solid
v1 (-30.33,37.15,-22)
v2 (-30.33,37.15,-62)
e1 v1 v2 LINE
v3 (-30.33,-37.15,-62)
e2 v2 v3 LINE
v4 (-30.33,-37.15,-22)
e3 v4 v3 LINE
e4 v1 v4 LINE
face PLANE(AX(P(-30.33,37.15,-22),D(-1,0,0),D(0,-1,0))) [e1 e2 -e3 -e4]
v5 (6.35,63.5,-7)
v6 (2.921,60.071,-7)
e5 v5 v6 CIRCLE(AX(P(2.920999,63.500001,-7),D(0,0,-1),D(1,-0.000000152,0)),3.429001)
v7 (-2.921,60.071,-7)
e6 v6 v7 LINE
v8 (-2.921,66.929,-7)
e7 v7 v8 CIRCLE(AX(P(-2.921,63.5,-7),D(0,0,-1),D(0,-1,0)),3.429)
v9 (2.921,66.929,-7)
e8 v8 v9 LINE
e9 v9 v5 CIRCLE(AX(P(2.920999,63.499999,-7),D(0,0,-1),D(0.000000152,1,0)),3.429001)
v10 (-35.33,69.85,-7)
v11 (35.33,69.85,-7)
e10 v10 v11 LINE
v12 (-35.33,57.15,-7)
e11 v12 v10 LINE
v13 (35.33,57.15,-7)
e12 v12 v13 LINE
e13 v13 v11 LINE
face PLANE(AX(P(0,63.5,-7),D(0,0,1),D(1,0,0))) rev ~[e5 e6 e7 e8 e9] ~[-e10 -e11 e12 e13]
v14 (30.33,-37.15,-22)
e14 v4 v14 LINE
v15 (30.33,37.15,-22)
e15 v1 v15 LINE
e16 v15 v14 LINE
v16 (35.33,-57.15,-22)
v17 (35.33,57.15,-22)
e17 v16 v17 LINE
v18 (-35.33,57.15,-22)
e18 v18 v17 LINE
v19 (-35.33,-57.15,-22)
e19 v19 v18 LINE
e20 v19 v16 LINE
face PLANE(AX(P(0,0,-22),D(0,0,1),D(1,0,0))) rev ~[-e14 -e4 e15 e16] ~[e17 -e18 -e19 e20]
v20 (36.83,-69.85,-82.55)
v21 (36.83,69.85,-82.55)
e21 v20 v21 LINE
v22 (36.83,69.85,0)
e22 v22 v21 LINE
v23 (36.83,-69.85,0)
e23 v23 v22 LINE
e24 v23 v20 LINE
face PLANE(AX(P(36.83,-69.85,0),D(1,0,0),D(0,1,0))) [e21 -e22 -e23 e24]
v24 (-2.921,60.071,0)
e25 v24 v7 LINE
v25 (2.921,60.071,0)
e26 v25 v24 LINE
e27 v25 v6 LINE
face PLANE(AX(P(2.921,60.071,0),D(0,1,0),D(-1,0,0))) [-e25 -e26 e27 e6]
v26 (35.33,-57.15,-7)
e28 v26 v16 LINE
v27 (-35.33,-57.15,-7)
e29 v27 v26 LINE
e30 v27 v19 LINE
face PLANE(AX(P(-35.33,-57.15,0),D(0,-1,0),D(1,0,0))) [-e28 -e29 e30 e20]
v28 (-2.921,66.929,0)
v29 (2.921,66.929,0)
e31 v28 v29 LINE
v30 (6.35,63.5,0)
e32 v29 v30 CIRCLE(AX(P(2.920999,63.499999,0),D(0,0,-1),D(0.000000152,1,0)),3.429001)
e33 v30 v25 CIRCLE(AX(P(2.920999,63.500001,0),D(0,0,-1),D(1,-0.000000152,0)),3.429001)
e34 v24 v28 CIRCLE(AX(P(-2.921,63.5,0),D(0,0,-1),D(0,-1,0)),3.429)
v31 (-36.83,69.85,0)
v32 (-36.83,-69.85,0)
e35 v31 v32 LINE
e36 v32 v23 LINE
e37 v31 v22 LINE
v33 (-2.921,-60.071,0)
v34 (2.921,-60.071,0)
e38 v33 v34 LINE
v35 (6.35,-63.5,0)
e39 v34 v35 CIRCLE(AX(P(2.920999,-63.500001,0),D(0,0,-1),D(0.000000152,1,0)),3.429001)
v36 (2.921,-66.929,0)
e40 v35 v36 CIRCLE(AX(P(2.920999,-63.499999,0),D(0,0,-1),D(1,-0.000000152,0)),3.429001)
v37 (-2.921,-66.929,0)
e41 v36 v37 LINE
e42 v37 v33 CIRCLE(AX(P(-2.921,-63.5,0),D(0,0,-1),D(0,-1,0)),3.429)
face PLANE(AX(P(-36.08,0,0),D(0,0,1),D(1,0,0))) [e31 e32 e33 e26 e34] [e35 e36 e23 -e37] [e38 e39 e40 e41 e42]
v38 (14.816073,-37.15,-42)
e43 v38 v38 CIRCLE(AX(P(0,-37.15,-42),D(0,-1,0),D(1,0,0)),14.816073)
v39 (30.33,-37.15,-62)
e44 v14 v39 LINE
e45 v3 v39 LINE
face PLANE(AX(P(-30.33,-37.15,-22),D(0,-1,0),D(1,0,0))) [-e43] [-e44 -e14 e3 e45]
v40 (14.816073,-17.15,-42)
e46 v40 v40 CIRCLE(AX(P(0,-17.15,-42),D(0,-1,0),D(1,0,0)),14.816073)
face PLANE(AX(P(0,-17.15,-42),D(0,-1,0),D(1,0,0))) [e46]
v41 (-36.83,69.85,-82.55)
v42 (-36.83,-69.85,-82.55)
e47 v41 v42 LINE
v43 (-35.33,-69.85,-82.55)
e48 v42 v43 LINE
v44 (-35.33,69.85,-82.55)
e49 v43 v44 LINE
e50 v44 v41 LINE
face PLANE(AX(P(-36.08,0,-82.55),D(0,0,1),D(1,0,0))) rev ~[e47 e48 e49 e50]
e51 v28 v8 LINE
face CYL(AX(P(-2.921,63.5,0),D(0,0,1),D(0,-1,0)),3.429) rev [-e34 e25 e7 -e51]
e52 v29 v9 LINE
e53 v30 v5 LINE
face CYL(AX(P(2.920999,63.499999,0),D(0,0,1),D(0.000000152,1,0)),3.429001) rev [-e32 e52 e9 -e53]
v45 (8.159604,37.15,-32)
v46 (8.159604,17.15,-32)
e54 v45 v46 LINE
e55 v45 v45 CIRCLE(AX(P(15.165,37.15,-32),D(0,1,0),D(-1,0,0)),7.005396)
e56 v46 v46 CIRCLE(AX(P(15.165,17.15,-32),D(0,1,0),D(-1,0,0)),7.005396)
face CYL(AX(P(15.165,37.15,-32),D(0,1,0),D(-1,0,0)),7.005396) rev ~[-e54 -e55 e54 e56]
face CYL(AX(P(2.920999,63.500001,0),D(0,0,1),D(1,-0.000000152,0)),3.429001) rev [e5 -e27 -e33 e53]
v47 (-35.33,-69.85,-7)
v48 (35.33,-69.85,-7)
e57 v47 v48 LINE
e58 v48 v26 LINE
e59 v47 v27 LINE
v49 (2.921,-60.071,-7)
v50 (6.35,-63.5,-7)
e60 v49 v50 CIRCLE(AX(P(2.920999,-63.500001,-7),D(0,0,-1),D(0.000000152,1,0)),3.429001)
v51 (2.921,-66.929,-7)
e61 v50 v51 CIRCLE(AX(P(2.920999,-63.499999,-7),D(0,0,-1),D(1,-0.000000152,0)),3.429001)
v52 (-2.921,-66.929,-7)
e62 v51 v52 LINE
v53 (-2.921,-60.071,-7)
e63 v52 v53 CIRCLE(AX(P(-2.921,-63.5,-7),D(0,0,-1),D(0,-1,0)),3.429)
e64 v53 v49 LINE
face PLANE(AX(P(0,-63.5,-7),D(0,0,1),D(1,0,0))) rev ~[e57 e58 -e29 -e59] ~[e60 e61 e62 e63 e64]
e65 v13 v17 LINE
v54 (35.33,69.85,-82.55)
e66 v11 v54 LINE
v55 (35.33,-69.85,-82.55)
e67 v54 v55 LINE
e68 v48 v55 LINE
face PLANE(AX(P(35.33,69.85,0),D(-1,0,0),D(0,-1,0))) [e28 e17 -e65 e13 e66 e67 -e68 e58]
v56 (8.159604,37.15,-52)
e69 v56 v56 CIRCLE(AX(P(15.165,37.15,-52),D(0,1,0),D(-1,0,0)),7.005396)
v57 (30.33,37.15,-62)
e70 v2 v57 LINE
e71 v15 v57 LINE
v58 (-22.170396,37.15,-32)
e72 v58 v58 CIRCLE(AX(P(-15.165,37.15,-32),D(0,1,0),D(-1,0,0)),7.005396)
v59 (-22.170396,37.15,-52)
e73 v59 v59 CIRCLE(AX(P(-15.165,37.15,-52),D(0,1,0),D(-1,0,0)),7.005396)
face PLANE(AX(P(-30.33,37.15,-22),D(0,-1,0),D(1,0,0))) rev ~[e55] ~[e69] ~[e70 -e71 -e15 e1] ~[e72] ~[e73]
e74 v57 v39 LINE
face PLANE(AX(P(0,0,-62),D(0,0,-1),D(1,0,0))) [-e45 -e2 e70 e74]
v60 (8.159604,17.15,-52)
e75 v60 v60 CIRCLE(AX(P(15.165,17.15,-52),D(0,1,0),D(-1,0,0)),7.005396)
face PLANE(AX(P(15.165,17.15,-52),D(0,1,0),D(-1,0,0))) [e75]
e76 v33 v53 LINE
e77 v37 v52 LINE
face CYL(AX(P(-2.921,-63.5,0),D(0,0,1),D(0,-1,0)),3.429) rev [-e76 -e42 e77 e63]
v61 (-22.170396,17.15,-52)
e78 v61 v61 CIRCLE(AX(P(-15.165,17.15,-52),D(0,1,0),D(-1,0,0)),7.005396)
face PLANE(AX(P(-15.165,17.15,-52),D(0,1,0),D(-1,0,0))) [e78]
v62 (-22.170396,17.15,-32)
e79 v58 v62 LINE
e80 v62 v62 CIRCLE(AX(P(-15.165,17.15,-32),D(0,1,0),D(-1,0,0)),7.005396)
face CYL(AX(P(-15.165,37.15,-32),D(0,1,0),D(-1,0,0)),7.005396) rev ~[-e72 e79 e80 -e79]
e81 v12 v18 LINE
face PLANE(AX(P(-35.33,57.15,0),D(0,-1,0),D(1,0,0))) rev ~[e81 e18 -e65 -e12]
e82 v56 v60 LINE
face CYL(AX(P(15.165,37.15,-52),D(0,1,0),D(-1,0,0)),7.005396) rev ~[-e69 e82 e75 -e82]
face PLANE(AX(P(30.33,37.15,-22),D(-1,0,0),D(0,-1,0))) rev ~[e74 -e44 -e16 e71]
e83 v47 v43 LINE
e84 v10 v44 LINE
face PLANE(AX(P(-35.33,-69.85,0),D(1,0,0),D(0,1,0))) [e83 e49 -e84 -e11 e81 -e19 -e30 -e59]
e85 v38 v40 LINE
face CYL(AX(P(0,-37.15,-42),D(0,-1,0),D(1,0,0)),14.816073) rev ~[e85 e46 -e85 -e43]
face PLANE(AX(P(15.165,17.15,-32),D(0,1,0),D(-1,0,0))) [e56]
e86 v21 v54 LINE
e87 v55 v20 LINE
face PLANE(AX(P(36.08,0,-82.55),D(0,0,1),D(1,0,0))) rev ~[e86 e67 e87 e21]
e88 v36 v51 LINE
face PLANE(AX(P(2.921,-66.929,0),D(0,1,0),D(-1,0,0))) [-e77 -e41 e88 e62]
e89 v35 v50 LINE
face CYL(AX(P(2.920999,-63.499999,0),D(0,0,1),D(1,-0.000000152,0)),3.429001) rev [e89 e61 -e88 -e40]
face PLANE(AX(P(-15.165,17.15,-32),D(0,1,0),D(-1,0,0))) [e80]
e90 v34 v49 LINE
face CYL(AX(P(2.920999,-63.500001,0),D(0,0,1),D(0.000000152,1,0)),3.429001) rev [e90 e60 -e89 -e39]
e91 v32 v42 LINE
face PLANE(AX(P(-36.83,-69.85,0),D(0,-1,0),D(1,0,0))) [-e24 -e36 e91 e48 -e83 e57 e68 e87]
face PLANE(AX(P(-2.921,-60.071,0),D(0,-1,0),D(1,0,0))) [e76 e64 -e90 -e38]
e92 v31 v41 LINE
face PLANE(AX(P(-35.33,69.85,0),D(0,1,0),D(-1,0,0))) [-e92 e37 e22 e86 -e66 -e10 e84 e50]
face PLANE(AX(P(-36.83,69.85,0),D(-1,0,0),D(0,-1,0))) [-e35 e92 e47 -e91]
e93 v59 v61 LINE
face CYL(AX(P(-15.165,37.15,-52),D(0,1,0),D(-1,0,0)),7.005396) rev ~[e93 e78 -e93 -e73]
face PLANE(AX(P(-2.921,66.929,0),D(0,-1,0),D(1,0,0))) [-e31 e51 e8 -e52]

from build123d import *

# Parameters (mm, degrees)
F0_W     = 70.66
F0_H     = 114.3
F1_DEPTH = 22
F0_H_2   = 12.7
F2_DEPTH = 7
F3_DEPTH = 82.55
F4_W     = 60.66
F4_H     = 74.3
F5_DEPTH = 40
F6_R     = 14.816073
F7_DEPTH = 20
F8_R     = 7.005396
F9_DEPTH = 20


with BuildPart() as f1:
    # F0 (on Top) → F1 (new body)
    with BuildSketch(Plane.XY):
        Rectangle(F0_W, F0_H)
    extrude(amount=-F1_DEPTH)

    # F0 (on Top) → F2 (join)
    with BuildSketch(Plane.XY):
        with Locations((0, -63.5)):
            Rectangle(F0_W, F0_H_2)
        with BuildLine():
            ThreePointArc((-2.921, -66.929), (-6.35, -63.5), (-2.921, -60.071))
            Line((-2.921, -60.071), (2.921, -60.071))
            ThreePointArc((2.921, -60.071), (5.345669, -61.075331), (6.35, -63.5))
            ThreePointArc((6.35, -63.5), (5.345669, -65.924669), (2.921, -66.929))
            Line((2.921, -66.929), (-2.921, -66.929))
        make_face(mode=Mode.SUBTRACT)
        with Locations((0, 63.5)):
            Rectangle(F0_W, F0_H_2)
        with BuildLine():
            ThreePointArc((2.921, 66.929), (5.345669, 65.924669), (6.35, 63.5))
            ThreePointArc((6.35, 63.5), (5.345669, 61.075331), (2.921, 60.071))
            Line((2.921, 60.071), (-2.921, 60.071))
            ThreePointArc((-2.921, 60.071), (-6.35, 63.5), (-2.921, 66.929))
            Line((-2.921, 66.929), (2.921, 66.929))
        make_face(mode=Mode.SUBTRACT)
    extrude(amount=-F2_DEPTH)

    # F0 (on Top) → F3 (join)
    with BuildSketch(Plane.XY):
        Polygon((-35.33, 69.85), (-36.83, 69.85), (-36.83, -69.85), (-35.33, -69.85), (-35.33, -57.15), (-35.33, 57.15), align=None)
        Polygon((36.83, 69.85), (35.33, 69.85), (35.33, 57.15), (35.33, -57.15), (35.33, -69.85), (36.83, -69.85), align=None)
    extrude(amount=-F3_DEPTH)

    # F4 (on face) → F5 (join)
    with BuildSketch(Plane(origin=(0, 0, -22), x_dir=(1, 0, 0), z_dir=(0, 0, -1))):
        Rectangle(F4_W, F4_H)
    extrude(amount=F5_DEPTH)

    # F6 (on face) → F7 (cut)
    with BuildSketch(Plane.XZ.offset(37.15)):
        with Locations((0, -42)):
            Circle(F6_R)
    extrude(amount=-F7_DEPTH, mode=Mode.SUBTRACT)

    # F8 (on face) → F9 (cut)
    with BuildSketch(Plane(origin=(0, 37.15, 0), x_dir=(-1, 0, 0), z_dir=(0, 1, 0))):
        with Locations((15.165, -32)):
            Circle(F8_R)
        with Locations((15.165, -52)):
            Circle(F8_R)
        with Locations((-15.165, -52)):
            Circle(F8_R)
        with Locations((-15.165, -32)):
            Circle(F8_R)
    extrude(amount=-F9_DEPTH, mode=Mode.SUBTRACT)


solid = f1.part
